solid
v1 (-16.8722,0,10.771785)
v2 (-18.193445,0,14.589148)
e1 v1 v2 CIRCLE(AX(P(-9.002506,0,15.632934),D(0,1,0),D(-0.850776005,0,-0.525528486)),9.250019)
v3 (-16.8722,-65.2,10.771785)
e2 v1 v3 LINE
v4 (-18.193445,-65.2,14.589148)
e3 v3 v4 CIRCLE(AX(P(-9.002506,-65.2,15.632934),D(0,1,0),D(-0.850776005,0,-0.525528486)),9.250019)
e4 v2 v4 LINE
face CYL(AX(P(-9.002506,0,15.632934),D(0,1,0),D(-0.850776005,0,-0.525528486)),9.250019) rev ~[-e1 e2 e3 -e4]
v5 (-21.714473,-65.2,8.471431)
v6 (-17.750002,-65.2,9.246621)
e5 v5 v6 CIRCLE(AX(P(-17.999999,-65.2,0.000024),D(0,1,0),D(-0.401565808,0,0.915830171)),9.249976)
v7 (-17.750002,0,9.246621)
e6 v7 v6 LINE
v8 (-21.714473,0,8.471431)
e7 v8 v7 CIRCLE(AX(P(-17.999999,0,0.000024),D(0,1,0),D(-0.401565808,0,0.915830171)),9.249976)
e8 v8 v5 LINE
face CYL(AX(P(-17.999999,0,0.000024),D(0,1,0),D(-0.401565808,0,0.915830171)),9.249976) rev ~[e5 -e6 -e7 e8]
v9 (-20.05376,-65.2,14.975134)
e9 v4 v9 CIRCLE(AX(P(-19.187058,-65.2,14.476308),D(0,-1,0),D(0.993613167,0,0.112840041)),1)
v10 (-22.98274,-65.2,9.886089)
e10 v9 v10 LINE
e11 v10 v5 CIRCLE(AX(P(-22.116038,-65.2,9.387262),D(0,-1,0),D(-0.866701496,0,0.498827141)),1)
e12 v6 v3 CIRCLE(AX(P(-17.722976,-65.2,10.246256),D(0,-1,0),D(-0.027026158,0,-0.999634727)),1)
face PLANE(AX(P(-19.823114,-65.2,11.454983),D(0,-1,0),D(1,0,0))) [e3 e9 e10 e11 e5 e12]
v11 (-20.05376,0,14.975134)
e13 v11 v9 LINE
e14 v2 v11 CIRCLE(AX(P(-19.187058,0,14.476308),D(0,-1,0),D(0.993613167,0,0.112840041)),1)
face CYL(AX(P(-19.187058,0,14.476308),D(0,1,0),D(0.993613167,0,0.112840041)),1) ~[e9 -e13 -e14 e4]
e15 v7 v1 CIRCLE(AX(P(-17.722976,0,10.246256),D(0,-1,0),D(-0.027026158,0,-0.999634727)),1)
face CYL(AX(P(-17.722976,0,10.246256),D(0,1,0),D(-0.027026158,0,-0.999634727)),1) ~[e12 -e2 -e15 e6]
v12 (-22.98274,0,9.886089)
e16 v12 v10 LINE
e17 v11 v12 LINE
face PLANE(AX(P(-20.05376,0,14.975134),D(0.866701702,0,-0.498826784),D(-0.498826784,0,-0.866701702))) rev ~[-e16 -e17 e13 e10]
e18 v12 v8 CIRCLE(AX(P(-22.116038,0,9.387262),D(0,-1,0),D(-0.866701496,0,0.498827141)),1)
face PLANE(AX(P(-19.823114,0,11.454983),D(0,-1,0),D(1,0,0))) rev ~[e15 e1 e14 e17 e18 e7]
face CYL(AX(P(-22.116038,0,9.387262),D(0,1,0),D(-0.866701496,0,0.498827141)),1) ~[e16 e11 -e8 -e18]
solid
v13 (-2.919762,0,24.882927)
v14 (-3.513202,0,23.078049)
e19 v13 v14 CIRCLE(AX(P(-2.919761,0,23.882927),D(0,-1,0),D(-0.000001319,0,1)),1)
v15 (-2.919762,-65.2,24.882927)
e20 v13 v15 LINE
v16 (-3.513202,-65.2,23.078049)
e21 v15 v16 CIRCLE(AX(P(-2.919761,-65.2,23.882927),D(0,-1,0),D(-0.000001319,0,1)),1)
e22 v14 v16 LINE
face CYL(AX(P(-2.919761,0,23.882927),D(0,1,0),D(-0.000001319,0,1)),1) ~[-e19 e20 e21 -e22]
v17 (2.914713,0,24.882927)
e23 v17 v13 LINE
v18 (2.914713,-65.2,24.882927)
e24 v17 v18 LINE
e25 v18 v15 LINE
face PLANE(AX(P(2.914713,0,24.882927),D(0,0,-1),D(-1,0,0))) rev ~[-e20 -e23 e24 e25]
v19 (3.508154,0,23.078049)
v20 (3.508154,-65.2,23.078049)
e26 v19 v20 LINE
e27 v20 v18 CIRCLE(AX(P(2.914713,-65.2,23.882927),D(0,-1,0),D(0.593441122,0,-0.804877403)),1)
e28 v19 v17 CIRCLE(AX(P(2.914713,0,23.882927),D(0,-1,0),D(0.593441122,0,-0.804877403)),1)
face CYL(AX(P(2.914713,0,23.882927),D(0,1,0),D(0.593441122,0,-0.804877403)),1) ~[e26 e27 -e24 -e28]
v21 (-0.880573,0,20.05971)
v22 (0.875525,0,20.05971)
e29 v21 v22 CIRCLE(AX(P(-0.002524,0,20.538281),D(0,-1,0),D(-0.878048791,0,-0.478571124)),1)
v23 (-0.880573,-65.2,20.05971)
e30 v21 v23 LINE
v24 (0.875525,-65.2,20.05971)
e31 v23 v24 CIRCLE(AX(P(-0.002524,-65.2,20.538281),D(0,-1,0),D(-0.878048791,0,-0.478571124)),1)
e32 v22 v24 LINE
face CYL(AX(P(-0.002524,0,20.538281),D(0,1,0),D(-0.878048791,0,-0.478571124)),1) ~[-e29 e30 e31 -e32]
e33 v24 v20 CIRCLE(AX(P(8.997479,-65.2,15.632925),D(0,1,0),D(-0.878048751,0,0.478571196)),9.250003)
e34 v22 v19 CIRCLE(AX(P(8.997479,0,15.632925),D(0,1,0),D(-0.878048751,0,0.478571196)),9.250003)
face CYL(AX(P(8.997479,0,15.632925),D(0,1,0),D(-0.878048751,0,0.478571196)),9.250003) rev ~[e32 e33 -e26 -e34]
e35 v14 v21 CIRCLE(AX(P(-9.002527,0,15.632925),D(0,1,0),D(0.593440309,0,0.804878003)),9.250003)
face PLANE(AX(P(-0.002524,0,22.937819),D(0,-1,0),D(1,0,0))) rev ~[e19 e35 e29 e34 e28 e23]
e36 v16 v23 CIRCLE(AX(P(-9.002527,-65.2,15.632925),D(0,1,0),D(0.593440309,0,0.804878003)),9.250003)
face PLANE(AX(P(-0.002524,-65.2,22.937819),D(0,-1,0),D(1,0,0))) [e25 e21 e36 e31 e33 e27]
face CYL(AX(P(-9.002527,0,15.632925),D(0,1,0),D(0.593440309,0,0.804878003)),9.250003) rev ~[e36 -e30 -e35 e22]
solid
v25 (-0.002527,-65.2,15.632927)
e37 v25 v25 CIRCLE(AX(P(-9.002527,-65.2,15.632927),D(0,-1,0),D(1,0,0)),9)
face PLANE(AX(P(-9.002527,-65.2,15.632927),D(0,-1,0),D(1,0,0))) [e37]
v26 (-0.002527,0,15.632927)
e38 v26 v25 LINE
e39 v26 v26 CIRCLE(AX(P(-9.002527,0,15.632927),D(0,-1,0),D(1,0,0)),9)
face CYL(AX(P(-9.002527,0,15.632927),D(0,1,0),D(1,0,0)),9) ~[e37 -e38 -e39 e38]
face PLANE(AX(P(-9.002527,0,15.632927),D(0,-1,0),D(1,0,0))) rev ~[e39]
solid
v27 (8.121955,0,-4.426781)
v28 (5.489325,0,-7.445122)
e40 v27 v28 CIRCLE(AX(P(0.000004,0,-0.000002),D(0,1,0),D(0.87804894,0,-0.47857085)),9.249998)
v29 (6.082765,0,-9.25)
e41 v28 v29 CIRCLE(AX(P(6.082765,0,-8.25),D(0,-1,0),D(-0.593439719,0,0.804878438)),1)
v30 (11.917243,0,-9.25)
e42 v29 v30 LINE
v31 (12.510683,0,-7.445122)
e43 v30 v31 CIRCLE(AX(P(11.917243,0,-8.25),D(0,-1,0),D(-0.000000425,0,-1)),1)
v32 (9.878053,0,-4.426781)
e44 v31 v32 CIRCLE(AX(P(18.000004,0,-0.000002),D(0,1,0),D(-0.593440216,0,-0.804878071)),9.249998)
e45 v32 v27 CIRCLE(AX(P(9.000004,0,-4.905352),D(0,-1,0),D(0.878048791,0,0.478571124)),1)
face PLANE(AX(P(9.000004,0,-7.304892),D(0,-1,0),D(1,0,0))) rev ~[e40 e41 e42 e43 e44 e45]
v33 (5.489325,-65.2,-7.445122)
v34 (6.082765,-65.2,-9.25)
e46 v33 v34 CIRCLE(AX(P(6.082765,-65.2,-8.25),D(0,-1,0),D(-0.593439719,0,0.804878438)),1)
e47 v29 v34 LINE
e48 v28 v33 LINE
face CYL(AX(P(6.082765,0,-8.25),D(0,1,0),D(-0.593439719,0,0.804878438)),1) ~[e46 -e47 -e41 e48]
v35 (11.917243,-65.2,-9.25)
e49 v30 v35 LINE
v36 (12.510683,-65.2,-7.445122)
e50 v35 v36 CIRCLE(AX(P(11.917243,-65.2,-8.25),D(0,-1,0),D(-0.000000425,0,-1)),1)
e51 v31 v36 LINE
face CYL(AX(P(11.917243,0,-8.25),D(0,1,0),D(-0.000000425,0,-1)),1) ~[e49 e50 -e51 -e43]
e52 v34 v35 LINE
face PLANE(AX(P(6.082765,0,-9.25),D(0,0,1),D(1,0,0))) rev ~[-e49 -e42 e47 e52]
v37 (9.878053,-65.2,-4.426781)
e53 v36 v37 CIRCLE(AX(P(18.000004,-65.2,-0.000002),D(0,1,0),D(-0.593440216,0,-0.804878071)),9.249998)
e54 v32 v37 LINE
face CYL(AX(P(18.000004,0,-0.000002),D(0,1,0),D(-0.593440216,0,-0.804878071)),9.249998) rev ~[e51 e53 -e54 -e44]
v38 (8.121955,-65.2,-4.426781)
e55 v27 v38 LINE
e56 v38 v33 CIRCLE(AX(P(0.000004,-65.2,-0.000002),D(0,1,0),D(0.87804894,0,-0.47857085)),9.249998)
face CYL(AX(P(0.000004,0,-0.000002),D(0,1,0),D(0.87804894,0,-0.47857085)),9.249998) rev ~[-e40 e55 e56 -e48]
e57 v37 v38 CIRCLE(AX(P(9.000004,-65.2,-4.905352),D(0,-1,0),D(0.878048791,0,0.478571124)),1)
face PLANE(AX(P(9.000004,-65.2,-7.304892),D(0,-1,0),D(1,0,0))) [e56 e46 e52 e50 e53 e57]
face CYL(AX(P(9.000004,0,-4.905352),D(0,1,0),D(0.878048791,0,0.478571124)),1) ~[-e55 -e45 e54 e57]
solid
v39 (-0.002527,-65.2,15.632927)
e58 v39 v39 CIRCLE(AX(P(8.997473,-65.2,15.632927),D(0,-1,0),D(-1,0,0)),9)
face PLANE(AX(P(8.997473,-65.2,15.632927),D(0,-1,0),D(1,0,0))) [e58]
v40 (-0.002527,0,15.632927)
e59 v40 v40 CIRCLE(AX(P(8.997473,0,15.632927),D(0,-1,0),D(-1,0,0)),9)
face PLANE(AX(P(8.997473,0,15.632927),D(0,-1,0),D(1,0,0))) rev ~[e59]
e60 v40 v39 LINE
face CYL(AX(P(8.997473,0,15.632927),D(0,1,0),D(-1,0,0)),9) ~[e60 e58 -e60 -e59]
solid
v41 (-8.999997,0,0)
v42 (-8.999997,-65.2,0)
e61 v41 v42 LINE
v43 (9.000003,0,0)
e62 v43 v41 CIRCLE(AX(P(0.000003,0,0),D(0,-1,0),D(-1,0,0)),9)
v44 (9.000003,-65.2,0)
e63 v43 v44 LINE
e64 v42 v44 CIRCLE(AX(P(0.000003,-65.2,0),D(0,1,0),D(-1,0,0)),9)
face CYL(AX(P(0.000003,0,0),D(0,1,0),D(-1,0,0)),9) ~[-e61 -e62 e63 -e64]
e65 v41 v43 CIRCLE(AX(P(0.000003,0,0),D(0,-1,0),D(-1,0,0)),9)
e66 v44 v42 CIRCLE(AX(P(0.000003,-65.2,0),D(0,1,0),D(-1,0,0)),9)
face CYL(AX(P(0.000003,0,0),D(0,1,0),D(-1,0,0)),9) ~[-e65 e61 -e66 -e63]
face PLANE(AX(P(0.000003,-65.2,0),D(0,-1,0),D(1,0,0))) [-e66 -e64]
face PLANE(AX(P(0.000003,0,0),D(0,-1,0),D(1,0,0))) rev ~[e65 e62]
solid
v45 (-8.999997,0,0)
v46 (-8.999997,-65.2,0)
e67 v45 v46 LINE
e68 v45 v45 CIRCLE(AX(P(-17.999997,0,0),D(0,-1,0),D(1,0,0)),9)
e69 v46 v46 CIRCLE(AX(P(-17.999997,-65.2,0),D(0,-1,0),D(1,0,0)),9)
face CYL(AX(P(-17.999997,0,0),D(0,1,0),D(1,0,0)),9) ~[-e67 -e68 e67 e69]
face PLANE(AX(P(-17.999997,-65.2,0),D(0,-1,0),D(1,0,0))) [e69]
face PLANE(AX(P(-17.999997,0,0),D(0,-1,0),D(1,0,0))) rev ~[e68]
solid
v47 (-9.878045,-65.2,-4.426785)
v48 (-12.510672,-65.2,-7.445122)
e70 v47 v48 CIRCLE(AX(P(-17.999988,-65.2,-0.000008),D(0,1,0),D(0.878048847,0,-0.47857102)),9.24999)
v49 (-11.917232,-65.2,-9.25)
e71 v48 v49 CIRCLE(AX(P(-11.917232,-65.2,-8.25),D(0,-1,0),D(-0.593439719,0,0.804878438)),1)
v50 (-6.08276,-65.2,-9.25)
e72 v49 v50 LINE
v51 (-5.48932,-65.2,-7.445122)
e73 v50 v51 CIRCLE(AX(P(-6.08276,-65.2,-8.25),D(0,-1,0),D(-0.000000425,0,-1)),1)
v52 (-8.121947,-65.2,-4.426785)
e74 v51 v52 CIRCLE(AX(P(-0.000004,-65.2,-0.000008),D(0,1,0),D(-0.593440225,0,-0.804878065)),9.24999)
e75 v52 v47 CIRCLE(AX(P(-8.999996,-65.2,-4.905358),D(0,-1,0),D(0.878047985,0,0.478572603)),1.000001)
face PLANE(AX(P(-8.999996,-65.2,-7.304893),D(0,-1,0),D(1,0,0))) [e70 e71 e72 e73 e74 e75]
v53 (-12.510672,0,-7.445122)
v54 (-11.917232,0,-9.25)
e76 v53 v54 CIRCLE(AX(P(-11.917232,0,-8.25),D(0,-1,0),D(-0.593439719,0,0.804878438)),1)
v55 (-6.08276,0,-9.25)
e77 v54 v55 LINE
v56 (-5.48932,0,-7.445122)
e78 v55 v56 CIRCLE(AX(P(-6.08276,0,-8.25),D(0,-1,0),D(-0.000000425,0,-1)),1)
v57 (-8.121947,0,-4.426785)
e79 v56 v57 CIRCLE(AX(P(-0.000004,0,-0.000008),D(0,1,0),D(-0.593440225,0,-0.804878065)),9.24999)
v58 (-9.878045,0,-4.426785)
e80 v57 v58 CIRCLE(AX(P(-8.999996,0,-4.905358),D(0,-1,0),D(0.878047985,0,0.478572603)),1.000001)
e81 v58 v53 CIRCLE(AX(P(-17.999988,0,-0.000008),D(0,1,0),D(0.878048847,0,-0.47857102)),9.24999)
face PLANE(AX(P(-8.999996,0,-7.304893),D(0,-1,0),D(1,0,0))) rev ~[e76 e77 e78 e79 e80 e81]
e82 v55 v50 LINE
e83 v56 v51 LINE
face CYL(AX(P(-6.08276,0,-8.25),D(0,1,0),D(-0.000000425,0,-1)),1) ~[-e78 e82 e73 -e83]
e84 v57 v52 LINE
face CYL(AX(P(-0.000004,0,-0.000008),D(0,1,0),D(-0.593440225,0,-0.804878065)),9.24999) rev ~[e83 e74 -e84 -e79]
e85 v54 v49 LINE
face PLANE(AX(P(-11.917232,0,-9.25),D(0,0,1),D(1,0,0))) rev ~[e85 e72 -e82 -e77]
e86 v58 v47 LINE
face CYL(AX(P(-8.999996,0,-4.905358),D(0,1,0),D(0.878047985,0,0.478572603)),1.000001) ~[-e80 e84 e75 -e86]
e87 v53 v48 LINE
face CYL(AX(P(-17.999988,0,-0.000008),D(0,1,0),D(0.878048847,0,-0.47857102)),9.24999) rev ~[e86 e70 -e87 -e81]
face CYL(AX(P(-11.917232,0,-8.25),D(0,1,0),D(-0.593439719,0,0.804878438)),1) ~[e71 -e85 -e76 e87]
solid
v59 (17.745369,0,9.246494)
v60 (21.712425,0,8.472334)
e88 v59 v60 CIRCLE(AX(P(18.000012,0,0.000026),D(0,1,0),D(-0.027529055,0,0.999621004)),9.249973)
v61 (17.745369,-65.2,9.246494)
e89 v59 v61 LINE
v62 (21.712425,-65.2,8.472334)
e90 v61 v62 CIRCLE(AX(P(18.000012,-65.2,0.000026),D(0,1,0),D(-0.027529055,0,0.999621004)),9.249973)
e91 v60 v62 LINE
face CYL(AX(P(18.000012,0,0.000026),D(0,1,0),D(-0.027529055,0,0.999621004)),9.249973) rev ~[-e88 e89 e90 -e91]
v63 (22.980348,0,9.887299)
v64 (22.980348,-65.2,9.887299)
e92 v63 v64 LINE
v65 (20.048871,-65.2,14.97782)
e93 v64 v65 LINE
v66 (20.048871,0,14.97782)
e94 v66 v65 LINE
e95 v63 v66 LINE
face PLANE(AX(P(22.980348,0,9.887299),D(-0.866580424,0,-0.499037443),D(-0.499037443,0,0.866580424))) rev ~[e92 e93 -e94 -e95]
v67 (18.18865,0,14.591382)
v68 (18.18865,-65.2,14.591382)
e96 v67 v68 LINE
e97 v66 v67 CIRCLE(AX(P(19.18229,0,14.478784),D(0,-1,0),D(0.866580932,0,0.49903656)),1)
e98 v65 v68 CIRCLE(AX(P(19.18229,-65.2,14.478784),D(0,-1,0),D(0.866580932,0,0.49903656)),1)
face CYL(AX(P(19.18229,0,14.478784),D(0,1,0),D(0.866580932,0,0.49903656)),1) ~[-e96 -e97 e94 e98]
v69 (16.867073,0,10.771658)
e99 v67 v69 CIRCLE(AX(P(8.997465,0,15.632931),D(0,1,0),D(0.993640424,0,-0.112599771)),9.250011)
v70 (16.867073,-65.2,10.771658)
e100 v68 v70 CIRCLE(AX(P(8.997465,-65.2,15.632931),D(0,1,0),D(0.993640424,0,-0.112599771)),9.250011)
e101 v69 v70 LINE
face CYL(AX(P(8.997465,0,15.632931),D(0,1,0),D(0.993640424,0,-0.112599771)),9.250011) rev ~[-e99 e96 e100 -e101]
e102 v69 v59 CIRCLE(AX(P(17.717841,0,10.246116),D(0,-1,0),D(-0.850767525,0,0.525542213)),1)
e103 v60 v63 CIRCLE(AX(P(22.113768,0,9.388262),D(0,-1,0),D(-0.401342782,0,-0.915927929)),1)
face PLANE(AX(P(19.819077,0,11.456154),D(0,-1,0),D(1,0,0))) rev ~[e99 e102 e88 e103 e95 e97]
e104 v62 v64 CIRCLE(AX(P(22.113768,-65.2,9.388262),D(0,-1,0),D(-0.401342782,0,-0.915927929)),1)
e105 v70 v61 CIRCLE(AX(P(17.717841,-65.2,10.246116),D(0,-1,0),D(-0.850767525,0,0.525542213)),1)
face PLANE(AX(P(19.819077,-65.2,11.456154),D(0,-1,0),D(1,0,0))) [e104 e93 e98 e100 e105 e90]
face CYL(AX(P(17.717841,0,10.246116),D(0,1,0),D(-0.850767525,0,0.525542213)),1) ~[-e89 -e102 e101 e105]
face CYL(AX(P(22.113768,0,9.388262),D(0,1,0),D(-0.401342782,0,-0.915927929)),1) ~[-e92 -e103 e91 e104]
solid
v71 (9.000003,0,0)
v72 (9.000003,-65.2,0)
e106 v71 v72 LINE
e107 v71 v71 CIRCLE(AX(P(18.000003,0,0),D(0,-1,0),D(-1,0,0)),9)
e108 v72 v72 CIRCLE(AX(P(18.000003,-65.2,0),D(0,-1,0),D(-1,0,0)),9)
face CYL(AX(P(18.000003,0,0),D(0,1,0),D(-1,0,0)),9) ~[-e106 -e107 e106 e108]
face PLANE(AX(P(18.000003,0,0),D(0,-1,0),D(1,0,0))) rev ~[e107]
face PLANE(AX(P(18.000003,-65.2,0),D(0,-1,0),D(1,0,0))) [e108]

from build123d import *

# Parameters (mm, degrees)
F0_R     = 9
F1_DEPTH = 65.2
F3_DEPTH = 65.2


with BuildPart() as f1:
    # F0 (on Front) → F1 (new body)
    with BuildSketch(Plane.XZ):
        with Locations((-17.999997, 0)):
            Circle(F0_R)
        with BuildLine():
            ThreePointArc((27.000003, 0), (18.000003, 9), (9.000003, 0))
            ThreePointArc((9.000003, 0), (18.000003, -9), (27.000003, 0))
        make_face()
        with BuildLine():
            ThreePointArc((9.000003, 0), (3e-06, 9), (-8.999997, 0))
            ThreePointArc((-8.999997, 0), (3e-06, -9), (9.000003, 0))
        make_face()
        with Locations((-9.002527, 15.632927)):
            Circle(F0_R)
        with BuildLine():
            ThreePointArc((17.997473, 15.632927), (8.997473, 24.632927), (-0.002527, 15.632927))
            ThreePointArc((-0.002527, 15.632927), (8.997473, 6.632927), (17.997473, 15.632927))
        make_face()
    extrude(amount=F1_DEPTH)


with BuildPart() as f3:
    # F2 (on Front) → F3 (new body)
    with BuildSketch(Plane.XZ):
        with BuildLine():
            ThreePointArc((21.712425, 8.472334), (22.858511, 8.720911), (22.980348, 9.887299))
            Line((22.980348, 9.887299), (20.048871, 14.97782))
            ThreePointArc((20.048871, 14.97782), (18.978895, 15.45788), (18.18865, 14.591382))
            ThreePointArc((18.18865, 14.591382), (17.739046, 12.608453), (16.867073, 10.771658))
            ThreePointArc((16.867073, 10.771658), (16.85126, 9.747078), (17.745369, 9.246494))
            ThreePointArc((17.745369, 9.246494), (19.771699, 9.078745), (21.712425, 8.472334))
        make_face()
        with BuildLine():
            ThreePointArc((3.508154, 23.078049), (3.864681, 24.195274), (2.914713, 24.882927))
            Line((2.914713, 24.882927), (-2.919762, 24.882927))
            ThreePointArc((-2.919762, 24.882927), (-3.869729, 24.195274), (-3.513202, 23.078049))
            ThreePointArc((-3.513202, 23.078049), (-2.031564, 21.713076), (-0.880573, 20.05971))
            ThreePointArc((-0.880573, 20.05971), (-0.002524, 19.538281), (0.875525, 20.05971))
            ThreePointArc((0.875525, 20.05971), (2.026516, 21.713076), (3.508154, 23.078049))
        make_face()
        with BuildLine():
            ThreePointArc((-18.193445, 14.589148), (-18.983901, 15.455454), (-20.05376, 14.975134))
            Line((-20.05376, 14.975134), (-22.98274, 9.886089))
            ThreePointArc((-22.98274, 9.886089), (-22.86062, 8.71973), (-21.714473, 8.471431))
            ThreePointArc((-21.714473, 8.471431), (-19.775071, 9.078084), (-17.750002, 9.246621))
            ThreePointArc((-17.750002, 9.246621), (-16.856274, 9.747429), (-16.8722, 10.771785))
            ThreePointArc((-16.8722, 10.771785), (-17.743751, 12.607461), (-18.193445, 14.589148))
        make_face()
        with BuildLine():
            ThreePointArc((-12.510672, -7.445122), (-12.8672, -8.562348), (-11.917232, -9.25))
            Line((-11.917232, -9.25), (-6.08276, -9.25))
            ThreePointArc((-6.08276, -9.25), (-5.132792, -8.562348), (-5.48932, -7.445122))
            ThreePointArc((-5.48932, -7.445122), (-6.970957, -6.08015), (-8.121947, -4.426785))
            ThreePointArc((-8.121947, -4.426785), (-8.999996, -3.905357), (-9.878045, -4.426785))
            ThreePointArc((-9.878045, -4.426785), (-11.029035, -6.08015), (-12.510672, -7.445122))
        make_face()
        with BuildLine():
            ThreePointArc((12.510683, -7.445122), (11.029044, -6.080148), (9.878053, -4.426781))
            ThreePointArc((9.878053, -4.426781), (9.000004, -3.905352), (8.121955, -4.426781))
            ThreePointArc((8.121955, -4.426781), (6.970964, -6.080148), (5.489325, -7.445122))
            ThreePointArc((5.489325, -7.445122), (5.132797, -8.562348), (6.082765, -9.25))
            Line((6.082765, -9.25), (11.917243, -9.25))
            ThreePointArc((11.917243, -9.25), (12.867211, -8.562348), (12.510683, -7.445122))
        make_face()
    extrude(amount=F3_DEPTH)


solid = Compound([f1.part, f3.part])
